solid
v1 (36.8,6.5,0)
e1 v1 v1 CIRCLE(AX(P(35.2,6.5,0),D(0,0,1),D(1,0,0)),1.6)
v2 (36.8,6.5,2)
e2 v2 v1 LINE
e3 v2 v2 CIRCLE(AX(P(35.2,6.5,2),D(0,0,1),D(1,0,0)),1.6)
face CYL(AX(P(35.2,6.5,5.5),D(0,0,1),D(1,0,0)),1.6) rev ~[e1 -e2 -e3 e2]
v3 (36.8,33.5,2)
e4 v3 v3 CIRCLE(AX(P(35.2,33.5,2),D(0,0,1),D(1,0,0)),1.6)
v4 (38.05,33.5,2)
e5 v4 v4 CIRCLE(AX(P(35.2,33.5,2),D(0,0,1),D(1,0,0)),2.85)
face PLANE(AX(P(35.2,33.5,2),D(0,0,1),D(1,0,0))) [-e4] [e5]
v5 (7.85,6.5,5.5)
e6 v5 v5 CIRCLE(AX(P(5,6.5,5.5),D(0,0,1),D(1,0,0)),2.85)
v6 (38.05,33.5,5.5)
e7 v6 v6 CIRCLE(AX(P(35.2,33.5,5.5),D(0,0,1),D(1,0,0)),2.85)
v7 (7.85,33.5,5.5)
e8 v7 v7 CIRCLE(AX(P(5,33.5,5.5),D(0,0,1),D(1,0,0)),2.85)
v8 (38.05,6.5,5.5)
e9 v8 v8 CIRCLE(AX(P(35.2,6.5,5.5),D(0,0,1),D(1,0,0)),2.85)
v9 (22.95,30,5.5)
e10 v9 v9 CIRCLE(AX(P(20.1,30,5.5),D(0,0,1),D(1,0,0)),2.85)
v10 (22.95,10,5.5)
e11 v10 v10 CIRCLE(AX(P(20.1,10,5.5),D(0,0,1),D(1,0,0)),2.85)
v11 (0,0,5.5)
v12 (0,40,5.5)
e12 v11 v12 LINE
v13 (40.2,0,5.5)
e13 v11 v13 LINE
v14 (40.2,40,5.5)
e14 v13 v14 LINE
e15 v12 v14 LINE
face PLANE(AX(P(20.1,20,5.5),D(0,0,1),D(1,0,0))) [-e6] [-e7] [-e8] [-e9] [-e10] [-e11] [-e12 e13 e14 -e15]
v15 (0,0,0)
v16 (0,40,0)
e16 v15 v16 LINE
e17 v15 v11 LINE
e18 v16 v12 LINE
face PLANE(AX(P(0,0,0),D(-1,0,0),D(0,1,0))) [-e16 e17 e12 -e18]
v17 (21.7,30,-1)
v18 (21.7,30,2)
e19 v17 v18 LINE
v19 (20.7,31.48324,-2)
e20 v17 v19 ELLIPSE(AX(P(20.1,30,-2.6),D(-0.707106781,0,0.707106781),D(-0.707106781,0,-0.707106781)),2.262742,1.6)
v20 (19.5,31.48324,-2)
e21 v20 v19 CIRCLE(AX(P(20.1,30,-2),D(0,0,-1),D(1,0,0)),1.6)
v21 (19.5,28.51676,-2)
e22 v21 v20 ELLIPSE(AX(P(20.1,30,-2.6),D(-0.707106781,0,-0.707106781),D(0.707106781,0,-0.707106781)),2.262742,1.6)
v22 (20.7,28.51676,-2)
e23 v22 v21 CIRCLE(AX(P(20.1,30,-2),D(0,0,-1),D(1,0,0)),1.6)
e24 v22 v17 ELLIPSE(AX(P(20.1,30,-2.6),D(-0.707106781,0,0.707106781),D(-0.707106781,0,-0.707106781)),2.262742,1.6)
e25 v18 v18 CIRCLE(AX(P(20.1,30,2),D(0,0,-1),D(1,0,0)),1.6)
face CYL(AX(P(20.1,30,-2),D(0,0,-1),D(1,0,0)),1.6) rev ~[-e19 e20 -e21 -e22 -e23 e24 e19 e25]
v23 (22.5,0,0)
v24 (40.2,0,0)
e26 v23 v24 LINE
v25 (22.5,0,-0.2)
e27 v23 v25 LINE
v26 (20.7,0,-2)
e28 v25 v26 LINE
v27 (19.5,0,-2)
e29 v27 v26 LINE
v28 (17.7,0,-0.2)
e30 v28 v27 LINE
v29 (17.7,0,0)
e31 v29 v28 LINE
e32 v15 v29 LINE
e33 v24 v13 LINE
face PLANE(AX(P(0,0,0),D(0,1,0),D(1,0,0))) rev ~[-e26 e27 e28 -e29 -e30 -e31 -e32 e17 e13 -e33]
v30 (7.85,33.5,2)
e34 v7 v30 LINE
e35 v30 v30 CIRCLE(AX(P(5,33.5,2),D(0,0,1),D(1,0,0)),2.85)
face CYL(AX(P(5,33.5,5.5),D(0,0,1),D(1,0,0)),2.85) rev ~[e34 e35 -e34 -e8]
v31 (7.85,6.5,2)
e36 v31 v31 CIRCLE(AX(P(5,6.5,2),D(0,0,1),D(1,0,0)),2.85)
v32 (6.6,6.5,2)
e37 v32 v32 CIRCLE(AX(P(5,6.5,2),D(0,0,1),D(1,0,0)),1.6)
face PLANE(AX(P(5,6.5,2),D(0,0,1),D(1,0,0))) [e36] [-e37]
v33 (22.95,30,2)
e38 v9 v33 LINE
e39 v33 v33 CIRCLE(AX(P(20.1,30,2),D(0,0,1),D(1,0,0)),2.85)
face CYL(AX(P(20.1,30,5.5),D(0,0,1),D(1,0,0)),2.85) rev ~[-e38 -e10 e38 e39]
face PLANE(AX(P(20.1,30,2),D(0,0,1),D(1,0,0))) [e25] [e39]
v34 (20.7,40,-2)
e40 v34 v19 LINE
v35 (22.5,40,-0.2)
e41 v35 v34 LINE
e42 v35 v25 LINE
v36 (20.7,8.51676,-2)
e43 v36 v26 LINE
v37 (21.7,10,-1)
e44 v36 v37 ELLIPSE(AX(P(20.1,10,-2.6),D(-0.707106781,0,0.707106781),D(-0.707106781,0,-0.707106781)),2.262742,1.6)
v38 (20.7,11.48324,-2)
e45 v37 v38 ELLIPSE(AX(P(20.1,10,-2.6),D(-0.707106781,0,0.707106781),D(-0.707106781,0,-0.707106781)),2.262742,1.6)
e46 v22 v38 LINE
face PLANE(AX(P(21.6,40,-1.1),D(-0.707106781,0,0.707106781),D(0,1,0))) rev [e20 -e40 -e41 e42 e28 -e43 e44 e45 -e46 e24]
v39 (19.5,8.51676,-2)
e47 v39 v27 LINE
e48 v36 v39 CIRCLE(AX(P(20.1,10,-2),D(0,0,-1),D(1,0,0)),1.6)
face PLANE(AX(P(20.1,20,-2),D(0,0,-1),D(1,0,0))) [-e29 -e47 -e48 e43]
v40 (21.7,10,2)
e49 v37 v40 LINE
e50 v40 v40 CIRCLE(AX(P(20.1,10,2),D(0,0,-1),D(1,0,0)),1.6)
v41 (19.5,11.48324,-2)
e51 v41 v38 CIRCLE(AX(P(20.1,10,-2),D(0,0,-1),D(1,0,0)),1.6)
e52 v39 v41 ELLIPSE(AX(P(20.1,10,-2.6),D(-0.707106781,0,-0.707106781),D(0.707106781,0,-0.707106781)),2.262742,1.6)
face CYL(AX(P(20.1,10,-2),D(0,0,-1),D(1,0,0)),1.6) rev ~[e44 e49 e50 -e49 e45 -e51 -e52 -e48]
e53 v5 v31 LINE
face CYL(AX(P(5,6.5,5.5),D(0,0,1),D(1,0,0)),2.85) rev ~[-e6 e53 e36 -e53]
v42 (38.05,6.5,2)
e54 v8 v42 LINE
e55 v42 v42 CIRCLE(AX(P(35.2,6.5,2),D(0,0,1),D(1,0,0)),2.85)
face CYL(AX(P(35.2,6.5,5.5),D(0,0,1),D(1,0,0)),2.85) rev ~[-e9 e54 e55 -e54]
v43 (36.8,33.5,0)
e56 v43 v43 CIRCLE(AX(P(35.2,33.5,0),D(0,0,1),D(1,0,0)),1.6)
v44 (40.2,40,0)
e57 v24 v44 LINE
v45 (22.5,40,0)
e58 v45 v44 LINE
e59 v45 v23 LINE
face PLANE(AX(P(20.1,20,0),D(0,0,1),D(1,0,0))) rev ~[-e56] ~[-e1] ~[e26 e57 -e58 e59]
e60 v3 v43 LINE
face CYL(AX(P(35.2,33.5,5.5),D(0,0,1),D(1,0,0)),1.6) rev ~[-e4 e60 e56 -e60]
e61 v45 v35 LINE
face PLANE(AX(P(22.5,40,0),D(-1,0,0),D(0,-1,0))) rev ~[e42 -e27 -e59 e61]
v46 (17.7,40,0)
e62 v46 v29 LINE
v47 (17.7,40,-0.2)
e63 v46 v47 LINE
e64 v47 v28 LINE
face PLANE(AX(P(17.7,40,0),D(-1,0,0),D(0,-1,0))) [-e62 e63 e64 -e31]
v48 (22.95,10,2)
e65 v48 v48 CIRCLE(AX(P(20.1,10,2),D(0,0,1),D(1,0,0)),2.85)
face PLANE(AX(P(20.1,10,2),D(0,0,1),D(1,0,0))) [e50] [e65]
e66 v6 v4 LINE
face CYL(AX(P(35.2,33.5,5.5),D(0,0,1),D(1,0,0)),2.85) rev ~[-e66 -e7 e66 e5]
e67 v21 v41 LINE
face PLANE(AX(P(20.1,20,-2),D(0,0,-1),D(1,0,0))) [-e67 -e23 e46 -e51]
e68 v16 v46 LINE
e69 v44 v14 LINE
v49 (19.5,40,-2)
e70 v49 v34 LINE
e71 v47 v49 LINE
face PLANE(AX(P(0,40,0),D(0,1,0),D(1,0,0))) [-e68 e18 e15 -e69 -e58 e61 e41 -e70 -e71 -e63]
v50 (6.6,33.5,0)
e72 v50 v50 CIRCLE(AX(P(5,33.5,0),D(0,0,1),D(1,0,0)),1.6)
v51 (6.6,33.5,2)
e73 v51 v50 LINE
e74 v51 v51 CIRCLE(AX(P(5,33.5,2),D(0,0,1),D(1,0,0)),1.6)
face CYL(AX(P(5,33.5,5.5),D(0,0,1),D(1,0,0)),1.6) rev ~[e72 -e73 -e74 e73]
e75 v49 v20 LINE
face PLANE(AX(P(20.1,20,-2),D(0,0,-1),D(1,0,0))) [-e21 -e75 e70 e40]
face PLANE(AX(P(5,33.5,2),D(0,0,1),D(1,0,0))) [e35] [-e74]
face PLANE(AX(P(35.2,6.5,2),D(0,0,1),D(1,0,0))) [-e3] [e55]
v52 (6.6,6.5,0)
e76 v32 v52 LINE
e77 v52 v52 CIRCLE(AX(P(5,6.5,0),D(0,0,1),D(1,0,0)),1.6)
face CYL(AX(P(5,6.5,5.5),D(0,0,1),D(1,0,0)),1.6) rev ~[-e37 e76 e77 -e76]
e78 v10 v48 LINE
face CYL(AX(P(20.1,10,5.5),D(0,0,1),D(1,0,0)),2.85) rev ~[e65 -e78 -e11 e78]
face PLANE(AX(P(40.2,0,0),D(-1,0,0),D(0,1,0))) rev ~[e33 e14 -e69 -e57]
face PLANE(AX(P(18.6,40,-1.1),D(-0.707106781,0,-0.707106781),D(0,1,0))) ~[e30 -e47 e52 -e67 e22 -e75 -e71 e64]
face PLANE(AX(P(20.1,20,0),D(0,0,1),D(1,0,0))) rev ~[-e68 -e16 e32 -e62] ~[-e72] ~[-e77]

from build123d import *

# Parameters (mm, degrees)
F0_W      = 40.2
F0_H      = 40
F1_DEPTH  = 5.5
F2_R      = 2.85
F3_DEPTH  = 3.5
F4_R      = 1.6
F5_DEPTH  = 25
F6_W      = 4.8
F6_H      = 40
F7_DEPTH  = 2
F8_SIZE   = 1.8
F9_R      = 1.6
F10_DEPTH = 25
F11_R     = 2.85
F12_DEPTH = 3.5


with BuildPart() as f1:
    # F0 (on Top) → F1 (new body)
    with BuildSketch(Plane.XY):
        with Locations((20.1, 20)):
            Rectangle(F0_W, F0_H)
    extrude(amount=F1_DEPTH)

    # F2 (on face) → F3 (cut)
    with BuildSketch(Plane.XY.offset(5.5)):
        with Locations((35.2, 6.5)):
            Circle(F2_R)
        with Locations((35.2, 33.5)):
            Circle(F2_R)
        with Locations((5, 33.5)):
            Circle(F2_R)
        with Locations((5, 6.5)):
            Circle(F2_R)
    extrude(amount=-F3_DEPTH, mode=Mode.SUBTRACT)

    # F4 (on face) → F5 (cut)
    with BuildSketch(Plane.XY.offset(5.5)):
        with Locations((35.2, 33.5)):
            Circle(F4_R)
        with Locations((35.2, 6.5)):
            Circle(F4_R)
        with Locations((5, 33.5)):
            Circle(F4_R)
        with Locations((5, 6.5)):
            Circle(F4_R)
    extrude(amount=-F5_DEPTH, mode=Mode.SUBTRACT)

    # F6 (on face) → F7 (join)
    with BuildSketch(Plane(origin=(0, 0, 0), x_dir=(1, 0, 0), z_dir=(0, 0, -1))):
        with Locations((20.1, -20)):
            Rectangle(F6_W, F6_H)
    extrude(amount=F7_DEPTH)

    # F8
    f8_edges = [f1.edges().sort_by_distance(p)[0] for p in [
        (17.7, 20, -2),
        (22.5, 20, -2),
    ]]
    chamfer(f8_edges, length=F8_SIZE)

    # F9 (on face) → F10 (cut)
    with BuildSketch(Plane(origin=(0, 0, -2), x_dir=(1, 0, 0), z_dir=(0, 0, -1))):
        with Locations((20.1, -30)):
            Circle(F9_R)
        with Locations((20.1, -10)):
            Circle(F9_R)
    extrude(amount=-F10_DEPTH, mode=Mode.SUBTRACT)

    # F11 (on face) → F12 (cut)
    with BuildSketch(Plane.XY.offset(5.5)):
        with Locations((20.1, 30)):
            Circle(F11_R)
        with Locations((20.1, 10)):
            Circle(F11_R)
    extrude(amount=-F12_DEPTH, mode=Mode.SUBTRACT)


solid = f1.part
